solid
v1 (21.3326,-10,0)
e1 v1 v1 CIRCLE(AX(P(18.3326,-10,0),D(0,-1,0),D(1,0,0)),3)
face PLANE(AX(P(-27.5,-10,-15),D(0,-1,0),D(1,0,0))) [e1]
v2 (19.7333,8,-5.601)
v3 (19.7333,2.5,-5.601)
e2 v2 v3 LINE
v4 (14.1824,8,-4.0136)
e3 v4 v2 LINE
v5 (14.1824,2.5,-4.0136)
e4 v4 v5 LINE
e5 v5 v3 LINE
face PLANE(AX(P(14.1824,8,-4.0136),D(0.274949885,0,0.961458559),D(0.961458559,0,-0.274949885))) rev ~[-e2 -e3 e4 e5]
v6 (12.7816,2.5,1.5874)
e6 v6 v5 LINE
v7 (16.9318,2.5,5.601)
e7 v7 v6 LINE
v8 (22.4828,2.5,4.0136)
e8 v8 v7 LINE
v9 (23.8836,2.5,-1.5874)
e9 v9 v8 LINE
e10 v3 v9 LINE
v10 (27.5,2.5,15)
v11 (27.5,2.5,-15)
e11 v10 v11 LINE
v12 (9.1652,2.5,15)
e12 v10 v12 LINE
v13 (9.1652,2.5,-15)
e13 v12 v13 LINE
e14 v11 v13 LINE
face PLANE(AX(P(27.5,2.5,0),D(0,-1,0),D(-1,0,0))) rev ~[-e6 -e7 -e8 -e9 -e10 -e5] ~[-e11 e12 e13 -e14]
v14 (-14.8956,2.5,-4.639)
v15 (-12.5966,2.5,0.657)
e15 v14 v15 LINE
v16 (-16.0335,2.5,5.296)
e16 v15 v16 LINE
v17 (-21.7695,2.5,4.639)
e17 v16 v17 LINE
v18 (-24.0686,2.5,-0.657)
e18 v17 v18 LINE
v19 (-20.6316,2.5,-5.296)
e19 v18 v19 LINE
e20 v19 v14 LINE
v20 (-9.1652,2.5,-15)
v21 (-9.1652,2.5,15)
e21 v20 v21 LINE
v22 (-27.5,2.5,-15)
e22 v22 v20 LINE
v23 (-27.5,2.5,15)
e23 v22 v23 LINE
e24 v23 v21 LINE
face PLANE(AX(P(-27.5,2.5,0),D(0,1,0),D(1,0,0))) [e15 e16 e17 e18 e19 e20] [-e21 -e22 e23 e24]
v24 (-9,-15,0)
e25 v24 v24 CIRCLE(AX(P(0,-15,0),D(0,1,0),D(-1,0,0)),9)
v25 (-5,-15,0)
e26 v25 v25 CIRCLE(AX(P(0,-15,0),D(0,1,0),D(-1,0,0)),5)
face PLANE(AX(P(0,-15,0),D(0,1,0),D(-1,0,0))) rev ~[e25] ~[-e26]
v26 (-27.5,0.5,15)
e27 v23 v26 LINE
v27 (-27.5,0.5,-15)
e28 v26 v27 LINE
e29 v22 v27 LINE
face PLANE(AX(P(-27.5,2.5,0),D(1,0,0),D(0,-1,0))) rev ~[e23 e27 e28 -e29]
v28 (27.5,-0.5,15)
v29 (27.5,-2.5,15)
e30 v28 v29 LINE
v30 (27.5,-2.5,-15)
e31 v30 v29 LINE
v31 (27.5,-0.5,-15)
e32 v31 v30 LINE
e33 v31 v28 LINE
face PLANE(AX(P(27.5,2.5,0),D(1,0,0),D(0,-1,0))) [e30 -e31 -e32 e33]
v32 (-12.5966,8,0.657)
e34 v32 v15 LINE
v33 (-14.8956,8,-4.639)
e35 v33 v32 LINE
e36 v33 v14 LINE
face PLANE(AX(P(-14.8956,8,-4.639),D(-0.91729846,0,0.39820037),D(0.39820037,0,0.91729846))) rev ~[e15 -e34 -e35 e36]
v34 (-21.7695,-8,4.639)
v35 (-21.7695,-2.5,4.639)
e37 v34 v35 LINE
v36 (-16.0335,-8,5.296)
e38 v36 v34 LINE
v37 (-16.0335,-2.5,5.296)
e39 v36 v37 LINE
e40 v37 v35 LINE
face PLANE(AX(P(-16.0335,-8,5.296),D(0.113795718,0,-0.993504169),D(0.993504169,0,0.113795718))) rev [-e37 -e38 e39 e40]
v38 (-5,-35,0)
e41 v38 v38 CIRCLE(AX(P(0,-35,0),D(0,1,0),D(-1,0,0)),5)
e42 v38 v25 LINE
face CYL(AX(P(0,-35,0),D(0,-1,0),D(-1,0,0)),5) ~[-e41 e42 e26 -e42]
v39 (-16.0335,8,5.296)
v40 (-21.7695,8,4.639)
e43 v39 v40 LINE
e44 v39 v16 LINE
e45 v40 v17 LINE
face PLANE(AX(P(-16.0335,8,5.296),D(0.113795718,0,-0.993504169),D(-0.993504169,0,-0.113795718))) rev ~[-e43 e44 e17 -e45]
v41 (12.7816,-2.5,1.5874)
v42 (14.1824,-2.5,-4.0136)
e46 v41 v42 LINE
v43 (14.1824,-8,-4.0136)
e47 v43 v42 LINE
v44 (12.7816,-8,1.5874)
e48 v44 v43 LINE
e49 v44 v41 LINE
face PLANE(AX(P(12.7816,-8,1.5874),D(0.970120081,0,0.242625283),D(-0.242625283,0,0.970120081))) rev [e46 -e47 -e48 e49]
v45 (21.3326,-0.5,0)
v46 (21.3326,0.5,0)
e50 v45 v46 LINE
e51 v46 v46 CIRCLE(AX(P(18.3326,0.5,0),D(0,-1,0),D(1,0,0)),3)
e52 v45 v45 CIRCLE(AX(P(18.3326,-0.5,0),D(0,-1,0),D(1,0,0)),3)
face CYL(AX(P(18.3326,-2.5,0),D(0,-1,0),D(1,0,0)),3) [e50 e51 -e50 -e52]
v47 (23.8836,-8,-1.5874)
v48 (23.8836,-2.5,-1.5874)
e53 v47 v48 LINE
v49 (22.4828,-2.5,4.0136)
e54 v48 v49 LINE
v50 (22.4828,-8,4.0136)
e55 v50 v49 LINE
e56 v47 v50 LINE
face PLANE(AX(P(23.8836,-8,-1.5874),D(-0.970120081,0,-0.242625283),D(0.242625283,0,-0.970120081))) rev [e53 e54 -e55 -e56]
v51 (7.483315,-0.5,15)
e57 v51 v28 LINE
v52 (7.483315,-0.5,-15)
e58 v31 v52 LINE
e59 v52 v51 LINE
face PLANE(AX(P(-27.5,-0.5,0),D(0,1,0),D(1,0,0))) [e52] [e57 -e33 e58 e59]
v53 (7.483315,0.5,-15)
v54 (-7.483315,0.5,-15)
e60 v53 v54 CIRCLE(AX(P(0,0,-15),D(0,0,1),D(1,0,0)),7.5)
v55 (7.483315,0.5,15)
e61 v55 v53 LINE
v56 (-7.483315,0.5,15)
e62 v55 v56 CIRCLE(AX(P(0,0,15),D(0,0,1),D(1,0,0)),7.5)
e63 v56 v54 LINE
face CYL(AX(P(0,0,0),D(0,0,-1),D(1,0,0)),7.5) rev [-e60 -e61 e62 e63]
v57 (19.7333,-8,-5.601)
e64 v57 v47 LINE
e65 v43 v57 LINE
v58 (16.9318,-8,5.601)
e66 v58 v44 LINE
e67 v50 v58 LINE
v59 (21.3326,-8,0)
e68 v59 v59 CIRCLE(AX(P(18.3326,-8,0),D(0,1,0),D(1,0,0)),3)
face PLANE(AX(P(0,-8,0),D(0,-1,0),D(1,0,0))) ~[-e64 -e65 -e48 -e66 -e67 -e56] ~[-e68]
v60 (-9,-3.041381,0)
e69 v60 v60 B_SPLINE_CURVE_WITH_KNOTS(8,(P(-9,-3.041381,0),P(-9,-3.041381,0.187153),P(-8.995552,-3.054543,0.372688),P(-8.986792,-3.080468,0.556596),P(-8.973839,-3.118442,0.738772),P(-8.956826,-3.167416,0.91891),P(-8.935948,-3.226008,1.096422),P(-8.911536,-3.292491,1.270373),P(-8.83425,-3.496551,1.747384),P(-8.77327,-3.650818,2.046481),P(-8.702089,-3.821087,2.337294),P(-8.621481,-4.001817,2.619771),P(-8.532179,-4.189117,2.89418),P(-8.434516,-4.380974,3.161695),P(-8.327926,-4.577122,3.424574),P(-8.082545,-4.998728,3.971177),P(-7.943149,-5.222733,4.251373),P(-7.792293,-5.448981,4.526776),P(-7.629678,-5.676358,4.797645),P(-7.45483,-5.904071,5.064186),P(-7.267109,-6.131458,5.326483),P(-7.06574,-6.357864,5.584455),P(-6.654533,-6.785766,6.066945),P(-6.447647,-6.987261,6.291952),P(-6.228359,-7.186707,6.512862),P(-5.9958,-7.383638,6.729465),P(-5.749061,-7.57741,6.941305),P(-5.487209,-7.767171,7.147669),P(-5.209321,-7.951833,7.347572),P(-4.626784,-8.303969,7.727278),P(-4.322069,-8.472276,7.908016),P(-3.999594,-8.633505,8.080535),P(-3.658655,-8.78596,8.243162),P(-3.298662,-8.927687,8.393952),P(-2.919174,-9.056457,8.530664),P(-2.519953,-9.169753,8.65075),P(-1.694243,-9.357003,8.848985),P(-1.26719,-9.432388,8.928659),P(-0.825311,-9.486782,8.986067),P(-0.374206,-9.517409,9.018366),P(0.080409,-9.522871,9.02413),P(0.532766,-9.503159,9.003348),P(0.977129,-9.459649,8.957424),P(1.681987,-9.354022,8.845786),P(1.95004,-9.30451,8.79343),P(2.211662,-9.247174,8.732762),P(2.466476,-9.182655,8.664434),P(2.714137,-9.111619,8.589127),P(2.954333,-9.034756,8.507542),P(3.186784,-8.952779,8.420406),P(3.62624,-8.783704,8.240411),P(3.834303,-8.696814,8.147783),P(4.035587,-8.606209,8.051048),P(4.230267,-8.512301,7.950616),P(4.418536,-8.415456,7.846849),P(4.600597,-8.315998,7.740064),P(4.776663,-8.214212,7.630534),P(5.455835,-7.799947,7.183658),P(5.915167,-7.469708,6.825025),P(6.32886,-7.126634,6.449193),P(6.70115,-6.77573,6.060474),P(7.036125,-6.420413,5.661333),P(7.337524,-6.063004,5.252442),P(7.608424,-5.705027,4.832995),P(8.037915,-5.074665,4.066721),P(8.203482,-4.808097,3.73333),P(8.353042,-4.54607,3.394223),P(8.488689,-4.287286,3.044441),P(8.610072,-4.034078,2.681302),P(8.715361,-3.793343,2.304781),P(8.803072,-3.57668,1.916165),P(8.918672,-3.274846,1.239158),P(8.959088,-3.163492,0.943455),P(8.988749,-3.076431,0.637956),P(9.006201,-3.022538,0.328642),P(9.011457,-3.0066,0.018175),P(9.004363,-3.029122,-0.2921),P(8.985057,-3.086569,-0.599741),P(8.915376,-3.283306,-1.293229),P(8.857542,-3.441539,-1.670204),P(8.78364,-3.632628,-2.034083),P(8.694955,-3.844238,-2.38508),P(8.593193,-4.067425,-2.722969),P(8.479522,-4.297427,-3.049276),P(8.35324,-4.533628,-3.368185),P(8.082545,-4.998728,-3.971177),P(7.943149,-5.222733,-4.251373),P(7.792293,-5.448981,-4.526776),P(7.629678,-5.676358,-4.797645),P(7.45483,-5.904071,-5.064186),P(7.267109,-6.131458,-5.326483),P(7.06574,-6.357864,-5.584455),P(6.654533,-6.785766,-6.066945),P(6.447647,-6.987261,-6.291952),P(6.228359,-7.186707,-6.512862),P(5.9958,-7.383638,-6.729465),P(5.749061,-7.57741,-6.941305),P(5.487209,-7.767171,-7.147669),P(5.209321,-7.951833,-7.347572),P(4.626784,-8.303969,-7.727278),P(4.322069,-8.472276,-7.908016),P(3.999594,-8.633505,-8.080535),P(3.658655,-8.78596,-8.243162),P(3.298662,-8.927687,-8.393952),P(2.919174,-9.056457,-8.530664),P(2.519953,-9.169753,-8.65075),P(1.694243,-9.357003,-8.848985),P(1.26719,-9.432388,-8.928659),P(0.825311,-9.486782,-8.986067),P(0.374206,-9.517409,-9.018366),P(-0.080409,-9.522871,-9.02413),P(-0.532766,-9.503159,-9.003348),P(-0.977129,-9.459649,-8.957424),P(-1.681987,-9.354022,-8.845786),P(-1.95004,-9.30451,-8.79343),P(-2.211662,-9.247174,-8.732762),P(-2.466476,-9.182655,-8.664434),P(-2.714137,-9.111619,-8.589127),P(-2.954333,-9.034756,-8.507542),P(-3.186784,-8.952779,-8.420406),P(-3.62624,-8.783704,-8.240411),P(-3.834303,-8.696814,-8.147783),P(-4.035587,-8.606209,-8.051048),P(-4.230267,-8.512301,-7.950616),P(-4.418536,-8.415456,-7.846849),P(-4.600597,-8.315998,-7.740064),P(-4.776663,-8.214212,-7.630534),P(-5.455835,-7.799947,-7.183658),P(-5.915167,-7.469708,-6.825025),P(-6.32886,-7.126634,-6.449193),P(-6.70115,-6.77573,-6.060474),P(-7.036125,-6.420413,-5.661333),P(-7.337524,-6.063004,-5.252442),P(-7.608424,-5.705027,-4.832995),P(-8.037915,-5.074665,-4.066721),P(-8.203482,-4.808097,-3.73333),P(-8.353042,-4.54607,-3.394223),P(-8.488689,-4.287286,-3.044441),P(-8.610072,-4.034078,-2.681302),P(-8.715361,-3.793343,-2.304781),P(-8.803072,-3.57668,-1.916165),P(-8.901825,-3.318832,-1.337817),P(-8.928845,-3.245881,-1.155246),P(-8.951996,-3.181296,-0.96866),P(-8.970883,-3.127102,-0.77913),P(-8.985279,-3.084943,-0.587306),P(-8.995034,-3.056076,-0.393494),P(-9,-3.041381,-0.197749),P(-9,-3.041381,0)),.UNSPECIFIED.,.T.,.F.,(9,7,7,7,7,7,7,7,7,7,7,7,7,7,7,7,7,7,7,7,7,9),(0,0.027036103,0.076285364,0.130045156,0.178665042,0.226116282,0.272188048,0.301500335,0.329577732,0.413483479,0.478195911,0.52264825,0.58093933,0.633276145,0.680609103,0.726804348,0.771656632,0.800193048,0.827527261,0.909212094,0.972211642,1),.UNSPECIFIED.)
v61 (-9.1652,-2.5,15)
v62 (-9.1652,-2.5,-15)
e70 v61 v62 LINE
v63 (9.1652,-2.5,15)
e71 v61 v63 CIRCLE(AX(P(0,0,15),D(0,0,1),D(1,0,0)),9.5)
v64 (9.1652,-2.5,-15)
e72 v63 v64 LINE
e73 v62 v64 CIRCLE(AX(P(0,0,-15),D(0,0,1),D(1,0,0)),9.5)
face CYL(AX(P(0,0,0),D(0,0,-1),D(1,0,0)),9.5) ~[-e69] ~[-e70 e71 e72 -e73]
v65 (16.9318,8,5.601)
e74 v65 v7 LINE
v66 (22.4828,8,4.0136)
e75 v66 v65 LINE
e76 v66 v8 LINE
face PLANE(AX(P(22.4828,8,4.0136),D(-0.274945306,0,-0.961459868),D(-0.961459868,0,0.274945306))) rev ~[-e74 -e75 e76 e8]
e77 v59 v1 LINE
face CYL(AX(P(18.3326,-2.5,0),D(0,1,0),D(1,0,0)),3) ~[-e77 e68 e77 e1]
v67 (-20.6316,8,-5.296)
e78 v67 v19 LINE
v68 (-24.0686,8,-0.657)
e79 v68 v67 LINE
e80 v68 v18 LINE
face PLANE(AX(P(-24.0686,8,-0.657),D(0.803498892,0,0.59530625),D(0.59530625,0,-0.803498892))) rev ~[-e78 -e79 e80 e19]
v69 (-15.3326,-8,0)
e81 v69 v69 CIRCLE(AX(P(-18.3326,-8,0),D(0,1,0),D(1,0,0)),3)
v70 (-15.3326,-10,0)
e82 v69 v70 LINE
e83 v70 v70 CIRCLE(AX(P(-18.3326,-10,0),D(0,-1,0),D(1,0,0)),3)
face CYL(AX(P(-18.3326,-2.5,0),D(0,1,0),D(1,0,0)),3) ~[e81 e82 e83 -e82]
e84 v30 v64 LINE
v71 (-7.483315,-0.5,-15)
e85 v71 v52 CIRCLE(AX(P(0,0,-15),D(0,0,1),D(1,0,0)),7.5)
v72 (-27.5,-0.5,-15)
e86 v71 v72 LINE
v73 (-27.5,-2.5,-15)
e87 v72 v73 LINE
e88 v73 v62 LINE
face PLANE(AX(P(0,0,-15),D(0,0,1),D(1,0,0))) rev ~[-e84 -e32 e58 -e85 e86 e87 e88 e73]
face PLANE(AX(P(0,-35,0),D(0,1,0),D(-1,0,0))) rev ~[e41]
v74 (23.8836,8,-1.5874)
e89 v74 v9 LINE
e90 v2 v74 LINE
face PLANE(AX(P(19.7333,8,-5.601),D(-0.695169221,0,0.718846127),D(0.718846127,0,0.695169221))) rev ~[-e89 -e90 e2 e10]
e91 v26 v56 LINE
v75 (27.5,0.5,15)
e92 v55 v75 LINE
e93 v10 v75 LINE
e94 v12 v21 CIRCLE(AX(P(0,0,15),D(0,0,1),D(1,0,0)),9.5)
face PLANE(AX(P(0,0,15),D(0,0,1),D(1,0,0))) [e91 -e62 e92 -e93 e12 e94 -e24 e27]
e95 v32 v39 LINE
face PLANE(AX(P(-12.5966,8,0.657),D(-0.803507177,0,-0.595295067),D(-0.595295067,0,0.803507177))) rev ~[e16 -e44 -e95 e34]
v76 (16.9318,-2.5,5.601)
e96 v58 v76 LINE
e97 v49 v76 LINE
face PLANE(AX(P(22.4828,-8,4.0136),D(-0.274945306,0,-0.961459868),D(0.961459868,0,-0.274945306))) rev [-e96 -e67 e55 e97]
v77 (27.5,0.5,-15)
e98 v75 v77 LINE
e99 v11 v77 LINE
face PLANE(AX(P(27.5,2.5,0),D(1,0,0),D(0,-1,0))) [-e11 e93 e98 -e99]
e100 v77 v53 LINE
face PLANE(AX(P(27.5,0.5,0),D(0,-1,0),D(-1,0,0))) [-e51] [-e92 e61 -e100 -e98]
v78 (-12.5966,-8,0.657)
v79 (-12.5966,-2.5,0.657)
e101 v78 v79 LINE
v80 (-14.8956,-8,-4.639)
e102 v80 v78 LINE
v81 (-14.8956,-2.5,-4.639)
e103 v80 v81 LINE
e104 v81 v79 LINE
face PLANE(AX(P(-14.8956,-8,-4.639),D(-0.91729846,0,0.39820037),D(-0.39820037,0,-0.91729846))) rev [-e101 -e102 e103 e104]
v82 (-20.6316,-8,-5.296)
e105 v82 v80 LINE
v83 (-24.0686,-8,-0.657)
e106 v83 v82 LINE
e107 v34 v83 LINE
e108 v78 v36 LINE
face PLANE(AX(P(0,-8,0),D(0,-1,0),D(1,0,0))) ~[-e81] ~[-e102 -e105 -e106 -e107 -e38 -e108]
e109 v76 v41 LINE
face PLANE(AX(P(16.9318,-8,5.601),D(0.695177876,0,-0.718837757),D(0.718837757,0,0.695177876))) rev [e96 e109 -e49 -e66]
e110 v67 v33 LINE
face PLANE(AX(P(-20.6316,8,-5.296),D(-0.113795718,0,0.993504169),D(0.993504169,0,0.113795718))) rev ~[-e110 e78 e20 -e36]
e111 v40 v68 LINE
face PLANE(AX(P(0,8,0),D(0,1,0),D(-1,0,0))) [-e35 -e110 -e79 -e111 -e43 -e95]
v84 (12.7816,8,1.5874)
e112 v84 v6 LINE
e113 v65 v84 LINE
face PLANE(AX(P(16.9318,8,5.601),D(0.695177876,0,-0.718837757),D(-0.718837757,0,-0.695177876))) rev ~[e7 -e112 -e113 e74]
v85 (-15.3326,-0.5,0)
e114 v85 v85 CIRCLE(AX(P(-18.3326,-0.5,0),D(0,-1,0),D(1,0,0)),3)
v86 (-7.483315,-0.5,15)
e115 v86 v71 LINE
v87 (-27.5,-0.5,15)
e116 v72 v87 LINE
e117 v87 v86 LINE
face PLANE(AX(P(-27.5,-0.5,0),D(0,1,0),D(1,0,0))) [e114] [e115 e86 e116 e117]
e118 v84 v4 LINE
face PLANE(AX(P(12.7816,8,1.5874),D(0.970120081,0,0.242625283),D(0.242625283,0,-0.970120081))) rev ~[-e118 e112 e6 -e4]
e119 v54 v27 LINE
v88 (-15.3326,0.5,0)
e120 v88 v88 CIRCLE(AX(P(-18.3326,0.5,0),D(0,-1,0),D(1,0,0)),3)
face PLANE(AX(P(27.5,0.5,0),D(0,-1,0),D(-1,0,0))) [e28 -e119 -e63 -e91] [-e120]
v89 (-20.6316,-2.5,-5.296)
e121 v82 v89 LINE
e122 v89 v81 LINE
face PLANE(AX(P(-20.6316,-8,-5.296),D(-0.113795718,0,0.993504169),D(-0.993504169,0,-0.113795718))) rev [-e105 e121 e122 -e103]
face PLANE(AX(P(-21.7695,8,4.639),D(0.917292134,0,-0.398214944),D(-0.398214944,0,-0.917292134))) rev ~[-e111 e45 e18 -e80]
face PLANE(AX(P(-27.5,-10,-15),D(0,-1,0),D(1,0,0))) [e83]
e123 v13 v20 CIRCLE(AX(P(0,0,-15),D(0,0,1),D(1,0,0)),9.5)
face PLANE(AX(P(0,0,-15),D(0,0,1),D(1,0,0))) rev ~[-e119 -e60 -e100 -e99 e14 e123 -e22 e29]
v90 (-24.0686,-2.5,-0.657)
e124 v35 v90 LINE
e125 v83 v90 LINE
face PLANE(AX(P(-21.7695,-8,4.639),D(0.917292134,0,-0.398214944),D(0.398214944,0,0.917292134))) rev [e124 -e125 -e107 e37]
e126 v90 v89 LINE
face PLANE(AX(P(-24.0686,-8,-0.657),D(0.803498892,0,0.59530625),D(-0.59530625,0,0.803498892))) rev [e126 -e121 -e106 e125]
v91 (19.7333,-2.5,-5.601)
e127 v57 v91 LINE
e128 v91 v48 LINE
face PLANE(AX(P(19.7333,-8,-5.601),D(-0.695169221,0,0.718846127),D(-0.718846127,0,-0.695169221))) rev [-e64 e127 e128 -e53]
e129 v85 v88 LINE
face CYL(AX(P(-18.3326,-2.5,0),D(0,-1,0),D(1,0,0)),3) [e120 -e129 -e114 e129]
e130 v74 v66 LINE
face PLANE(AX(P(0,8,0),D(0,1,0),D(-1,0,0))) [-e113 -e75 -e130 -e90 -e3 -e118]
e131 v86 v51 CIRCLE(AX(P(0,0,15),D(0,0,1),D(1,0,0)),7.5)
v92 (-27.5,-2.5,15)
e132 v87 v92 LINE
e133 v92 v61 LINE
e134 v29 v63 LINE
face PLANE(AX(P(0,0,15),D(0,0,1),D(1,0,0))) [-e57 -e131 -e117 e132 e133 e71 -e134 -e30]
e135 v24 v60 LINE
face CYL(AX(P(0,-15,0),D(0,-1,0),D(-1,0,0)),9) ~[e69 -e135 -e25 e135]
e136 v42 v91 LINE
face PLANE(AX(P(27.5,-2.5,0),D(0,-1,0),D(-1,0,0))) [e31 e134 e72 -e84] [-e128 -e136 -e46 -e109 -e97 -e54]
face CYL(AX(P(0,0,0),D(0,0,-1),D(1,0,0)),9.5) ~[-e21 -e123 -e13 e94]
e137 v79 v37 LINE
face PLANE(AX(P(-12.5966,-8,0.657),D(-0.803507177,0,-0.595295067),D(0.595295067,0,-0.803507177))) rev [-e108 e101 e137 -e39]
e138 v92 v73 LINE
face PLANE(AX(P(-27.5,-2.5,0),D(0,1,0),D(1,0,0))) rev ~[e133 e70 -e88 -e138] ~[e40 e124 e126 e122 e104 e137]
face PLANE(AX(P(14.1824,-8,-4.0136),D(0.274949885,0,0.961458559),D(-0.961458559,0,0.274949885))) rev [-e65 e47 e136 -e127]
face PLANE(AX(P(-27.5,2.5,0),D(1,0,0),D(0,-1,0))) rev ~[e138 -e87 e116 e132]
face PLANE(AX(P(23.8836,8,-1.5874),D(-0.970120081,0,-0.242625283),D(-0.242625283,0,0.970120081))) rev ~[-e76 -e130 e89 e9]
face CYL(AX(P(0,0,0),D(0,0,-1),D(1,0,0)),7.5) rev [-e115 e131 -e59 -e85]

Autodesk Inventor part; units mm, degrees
sketch "Sketch1" plane through (0, 0, 0) normal (0, 0, 1) x (1, 0, 0)
  circle A0 centre (0, 0) radius 7.5
  circle A1 centre (0, 0) radius 9.5
  dimension "d0" = 15
  dimension "d1" = 2
extrude "Extrusion1" add sketch "Sketch1" along normal mid plane 30
sketch "Sketch3" plane through (0, 0, 0) normal (0, 0, 1) x (1, 0, 0)
  circle A0 centre (0, 0) radius 9.5 projected
  line L0 (-27.5, 2.5) -> (-27.5, -2.5)
  line L1 (-27.5, 2.5) -> (-9.1652, 2.5)
  line L2 (-27.5, -2.5) -> (-9.1652, -2.5)
  line L3 (27.5, 2.5) -> (27.5, -2.5)
  line L4 (27.5, 2.5) -> (9.1652, 2.5)
  line L5 (27.5, -2.5) -> (9.1652, -2.5)
  point P0 (-27.5, 0)
  point P1 (27.5, 0)
  dimension "d4" = 5
  dimension "d6" = 5
  dimension "d22" = 27.5
  dimension "d23" = 27.5
extrude "Extrusion2" add sketch "Sketch3" along normal mid plane 30 contours A0 L4 L3 L5 | A0 L2 L0 L1
sketch "Sketch10" plane through (0, 0, 0) normal (0, 0, 1) x (1, 0, 0)
  line L0 (-27.5, -2.5) -> (-27.5, 2.5) projected
  line L1 (27.5, 2.5) -> (27.5, -2.5) projected
  line L2 (-27.5, -0.5) -> (27.5, -0.5)
  line L3 (27.5, -0.5) -> (27.5, 0.5)
  line L4 (27.5, 0.5) -> (-27.5, 0.5)
  line L5 (-27.5, 0.5) -> (-27.5, -0.5)
  line L6 (27.5, -2.5) -> (9.1652, -2.5) projected
  line L7 (9.1652, 2.5) -> (27.5, 2.5) projected
  point P0 (0, 0)
  dimension "d28" = 2
  dimension "d29" = 2
extrude "Extrusion7" cut sketch "Sketch10" along normal through all both and the other way through all
sketch "Sketch4" plane through (-27.5, -2.5, -15) normal (0, -1, 0) x (1, 0, 0)
  line L0 (18.3348, 30) -> (0, 30) projected
  line L1 (0, 0) -> (0, 30) projected
  line L2 (55, 30) -> (36.6652, 30) projected
  line L3 (36.6652, 0) -> (36.6652, 30) projected
  line L4 (36.6652, 0) -> (55, 0) projected
  line L5 (55, 0) -> (55, 30) projected
  circle A0 centre (9.1674, 15) radius 3
  circle A1 centre (45.8326, 15) radius 3
  point P0 (0, 15)
  point P1 (9.1674, 30)
  point P2 (45.8326, 30)
  point P3 (55, 15)
  dimension "d10" = 6
  dimension "d11" = 6
extrude "Extrusion3" add sketch "Sketch4" along normal mid plane 15 contours A0 | A1
ref_plane "Work Plane1" through (0, 8, 0) normal (0, 1, 0) x (-1, 0, 0)
sketch "Sketch6" plane through (0, 8, 0) normal (0, 1, 0) x (-1, 0, 0)
  circle A0 centre (-18.3326, 0) radius 3 projected
  circle A1 centre (18.3326, 0) radius 3 projected
  line L0 (-19.7333, -5.601) -> (-23.8836, -1.5874)
  line L1 (-23.8836, -1.5874) -> (-22.4828, 4.0136)
  line L2 (-22.4828, 4.0136) -> (-16.9318, 5.601)
  line L3 (-16.9318, 5.601) -> (-12.7816, 1.5874)
  line L4 (-12.7816, 1.5874) -> (-14.1824, -4.0136)
  line L5 (-14.1824, -4.0136) -> (-19.7333, -5.601)
  line L6 (20.6316, -5.296) -> (14.8956, -4.639)
  line L7 (14.8956, -4.639) -> (12.5966, 0.657)
  line L8 (12.5966, 0.657) -> (16.0335, 5.296)
  line L9 (16.0335, 5.296) -> (21.7695, 4.639)
  line L10 (21.7695, 4.639) -> (24.0686, -0.657)
  line L11 (24.0686, -0.657) -> (20.6316, -5.296)
  dimension "d15" = 10
extrude "Extrusion4" add sketch "Sketch6" against normal up to surface (5.5 mm away) contours A0 | A1 | L0 L1 L2 L3 L4 L5 | L6 L7 L8 L9 L10 L11
ref_plane "Length_WKP" through (0, -35, 0) normal (0, 1, 0) x (-1, 0, 0)
sketch "Sketch8" plane through (0, -35, 0) normal (0, 1, 0) x (-1, 0, 0)
  line L0 (-38.5, 0) -> (38.5, 0) projected
  line L1 (0, -21) -> (0, 21) projected
  circle A0 centre (0, 0) radius 5
  dimension "d19" = 10
extrude "Extrusion5" add sketch "Sketch8" along normal up to next
ref_plane "Work Plane3" through (0, -15, 0) normal (0, 1, 0) x (-1, 0, 0)
sketch "Sketch9" plane through (0, -15, 0) normal (0, 1, 0) x (-1, 0, 0)
  circle A0 centre (0, 0) radius 5 projected
  circle A1 centre (0, 0) radius 9
  dimension "d25" = 4
extrude "Extrusion6" add sketch "Sketch9" along normal up to next
mirror "Mirror1" about plane through (0, 0, 0) normal (0, 1, 0) of "Extrusion4"
equation "\"d0\" = dia"
equation "\"d2\" = Bredde"
equation "\"d8\" = Bredde"
equation "\"d29\" = d28"
equation "\"d11\" = d10"
equation "\"dia\" = 15"
equation "\"Bredde\" = 30"
properties part number "Pipe Clamp - Ø25" material "Stainless Steel"
